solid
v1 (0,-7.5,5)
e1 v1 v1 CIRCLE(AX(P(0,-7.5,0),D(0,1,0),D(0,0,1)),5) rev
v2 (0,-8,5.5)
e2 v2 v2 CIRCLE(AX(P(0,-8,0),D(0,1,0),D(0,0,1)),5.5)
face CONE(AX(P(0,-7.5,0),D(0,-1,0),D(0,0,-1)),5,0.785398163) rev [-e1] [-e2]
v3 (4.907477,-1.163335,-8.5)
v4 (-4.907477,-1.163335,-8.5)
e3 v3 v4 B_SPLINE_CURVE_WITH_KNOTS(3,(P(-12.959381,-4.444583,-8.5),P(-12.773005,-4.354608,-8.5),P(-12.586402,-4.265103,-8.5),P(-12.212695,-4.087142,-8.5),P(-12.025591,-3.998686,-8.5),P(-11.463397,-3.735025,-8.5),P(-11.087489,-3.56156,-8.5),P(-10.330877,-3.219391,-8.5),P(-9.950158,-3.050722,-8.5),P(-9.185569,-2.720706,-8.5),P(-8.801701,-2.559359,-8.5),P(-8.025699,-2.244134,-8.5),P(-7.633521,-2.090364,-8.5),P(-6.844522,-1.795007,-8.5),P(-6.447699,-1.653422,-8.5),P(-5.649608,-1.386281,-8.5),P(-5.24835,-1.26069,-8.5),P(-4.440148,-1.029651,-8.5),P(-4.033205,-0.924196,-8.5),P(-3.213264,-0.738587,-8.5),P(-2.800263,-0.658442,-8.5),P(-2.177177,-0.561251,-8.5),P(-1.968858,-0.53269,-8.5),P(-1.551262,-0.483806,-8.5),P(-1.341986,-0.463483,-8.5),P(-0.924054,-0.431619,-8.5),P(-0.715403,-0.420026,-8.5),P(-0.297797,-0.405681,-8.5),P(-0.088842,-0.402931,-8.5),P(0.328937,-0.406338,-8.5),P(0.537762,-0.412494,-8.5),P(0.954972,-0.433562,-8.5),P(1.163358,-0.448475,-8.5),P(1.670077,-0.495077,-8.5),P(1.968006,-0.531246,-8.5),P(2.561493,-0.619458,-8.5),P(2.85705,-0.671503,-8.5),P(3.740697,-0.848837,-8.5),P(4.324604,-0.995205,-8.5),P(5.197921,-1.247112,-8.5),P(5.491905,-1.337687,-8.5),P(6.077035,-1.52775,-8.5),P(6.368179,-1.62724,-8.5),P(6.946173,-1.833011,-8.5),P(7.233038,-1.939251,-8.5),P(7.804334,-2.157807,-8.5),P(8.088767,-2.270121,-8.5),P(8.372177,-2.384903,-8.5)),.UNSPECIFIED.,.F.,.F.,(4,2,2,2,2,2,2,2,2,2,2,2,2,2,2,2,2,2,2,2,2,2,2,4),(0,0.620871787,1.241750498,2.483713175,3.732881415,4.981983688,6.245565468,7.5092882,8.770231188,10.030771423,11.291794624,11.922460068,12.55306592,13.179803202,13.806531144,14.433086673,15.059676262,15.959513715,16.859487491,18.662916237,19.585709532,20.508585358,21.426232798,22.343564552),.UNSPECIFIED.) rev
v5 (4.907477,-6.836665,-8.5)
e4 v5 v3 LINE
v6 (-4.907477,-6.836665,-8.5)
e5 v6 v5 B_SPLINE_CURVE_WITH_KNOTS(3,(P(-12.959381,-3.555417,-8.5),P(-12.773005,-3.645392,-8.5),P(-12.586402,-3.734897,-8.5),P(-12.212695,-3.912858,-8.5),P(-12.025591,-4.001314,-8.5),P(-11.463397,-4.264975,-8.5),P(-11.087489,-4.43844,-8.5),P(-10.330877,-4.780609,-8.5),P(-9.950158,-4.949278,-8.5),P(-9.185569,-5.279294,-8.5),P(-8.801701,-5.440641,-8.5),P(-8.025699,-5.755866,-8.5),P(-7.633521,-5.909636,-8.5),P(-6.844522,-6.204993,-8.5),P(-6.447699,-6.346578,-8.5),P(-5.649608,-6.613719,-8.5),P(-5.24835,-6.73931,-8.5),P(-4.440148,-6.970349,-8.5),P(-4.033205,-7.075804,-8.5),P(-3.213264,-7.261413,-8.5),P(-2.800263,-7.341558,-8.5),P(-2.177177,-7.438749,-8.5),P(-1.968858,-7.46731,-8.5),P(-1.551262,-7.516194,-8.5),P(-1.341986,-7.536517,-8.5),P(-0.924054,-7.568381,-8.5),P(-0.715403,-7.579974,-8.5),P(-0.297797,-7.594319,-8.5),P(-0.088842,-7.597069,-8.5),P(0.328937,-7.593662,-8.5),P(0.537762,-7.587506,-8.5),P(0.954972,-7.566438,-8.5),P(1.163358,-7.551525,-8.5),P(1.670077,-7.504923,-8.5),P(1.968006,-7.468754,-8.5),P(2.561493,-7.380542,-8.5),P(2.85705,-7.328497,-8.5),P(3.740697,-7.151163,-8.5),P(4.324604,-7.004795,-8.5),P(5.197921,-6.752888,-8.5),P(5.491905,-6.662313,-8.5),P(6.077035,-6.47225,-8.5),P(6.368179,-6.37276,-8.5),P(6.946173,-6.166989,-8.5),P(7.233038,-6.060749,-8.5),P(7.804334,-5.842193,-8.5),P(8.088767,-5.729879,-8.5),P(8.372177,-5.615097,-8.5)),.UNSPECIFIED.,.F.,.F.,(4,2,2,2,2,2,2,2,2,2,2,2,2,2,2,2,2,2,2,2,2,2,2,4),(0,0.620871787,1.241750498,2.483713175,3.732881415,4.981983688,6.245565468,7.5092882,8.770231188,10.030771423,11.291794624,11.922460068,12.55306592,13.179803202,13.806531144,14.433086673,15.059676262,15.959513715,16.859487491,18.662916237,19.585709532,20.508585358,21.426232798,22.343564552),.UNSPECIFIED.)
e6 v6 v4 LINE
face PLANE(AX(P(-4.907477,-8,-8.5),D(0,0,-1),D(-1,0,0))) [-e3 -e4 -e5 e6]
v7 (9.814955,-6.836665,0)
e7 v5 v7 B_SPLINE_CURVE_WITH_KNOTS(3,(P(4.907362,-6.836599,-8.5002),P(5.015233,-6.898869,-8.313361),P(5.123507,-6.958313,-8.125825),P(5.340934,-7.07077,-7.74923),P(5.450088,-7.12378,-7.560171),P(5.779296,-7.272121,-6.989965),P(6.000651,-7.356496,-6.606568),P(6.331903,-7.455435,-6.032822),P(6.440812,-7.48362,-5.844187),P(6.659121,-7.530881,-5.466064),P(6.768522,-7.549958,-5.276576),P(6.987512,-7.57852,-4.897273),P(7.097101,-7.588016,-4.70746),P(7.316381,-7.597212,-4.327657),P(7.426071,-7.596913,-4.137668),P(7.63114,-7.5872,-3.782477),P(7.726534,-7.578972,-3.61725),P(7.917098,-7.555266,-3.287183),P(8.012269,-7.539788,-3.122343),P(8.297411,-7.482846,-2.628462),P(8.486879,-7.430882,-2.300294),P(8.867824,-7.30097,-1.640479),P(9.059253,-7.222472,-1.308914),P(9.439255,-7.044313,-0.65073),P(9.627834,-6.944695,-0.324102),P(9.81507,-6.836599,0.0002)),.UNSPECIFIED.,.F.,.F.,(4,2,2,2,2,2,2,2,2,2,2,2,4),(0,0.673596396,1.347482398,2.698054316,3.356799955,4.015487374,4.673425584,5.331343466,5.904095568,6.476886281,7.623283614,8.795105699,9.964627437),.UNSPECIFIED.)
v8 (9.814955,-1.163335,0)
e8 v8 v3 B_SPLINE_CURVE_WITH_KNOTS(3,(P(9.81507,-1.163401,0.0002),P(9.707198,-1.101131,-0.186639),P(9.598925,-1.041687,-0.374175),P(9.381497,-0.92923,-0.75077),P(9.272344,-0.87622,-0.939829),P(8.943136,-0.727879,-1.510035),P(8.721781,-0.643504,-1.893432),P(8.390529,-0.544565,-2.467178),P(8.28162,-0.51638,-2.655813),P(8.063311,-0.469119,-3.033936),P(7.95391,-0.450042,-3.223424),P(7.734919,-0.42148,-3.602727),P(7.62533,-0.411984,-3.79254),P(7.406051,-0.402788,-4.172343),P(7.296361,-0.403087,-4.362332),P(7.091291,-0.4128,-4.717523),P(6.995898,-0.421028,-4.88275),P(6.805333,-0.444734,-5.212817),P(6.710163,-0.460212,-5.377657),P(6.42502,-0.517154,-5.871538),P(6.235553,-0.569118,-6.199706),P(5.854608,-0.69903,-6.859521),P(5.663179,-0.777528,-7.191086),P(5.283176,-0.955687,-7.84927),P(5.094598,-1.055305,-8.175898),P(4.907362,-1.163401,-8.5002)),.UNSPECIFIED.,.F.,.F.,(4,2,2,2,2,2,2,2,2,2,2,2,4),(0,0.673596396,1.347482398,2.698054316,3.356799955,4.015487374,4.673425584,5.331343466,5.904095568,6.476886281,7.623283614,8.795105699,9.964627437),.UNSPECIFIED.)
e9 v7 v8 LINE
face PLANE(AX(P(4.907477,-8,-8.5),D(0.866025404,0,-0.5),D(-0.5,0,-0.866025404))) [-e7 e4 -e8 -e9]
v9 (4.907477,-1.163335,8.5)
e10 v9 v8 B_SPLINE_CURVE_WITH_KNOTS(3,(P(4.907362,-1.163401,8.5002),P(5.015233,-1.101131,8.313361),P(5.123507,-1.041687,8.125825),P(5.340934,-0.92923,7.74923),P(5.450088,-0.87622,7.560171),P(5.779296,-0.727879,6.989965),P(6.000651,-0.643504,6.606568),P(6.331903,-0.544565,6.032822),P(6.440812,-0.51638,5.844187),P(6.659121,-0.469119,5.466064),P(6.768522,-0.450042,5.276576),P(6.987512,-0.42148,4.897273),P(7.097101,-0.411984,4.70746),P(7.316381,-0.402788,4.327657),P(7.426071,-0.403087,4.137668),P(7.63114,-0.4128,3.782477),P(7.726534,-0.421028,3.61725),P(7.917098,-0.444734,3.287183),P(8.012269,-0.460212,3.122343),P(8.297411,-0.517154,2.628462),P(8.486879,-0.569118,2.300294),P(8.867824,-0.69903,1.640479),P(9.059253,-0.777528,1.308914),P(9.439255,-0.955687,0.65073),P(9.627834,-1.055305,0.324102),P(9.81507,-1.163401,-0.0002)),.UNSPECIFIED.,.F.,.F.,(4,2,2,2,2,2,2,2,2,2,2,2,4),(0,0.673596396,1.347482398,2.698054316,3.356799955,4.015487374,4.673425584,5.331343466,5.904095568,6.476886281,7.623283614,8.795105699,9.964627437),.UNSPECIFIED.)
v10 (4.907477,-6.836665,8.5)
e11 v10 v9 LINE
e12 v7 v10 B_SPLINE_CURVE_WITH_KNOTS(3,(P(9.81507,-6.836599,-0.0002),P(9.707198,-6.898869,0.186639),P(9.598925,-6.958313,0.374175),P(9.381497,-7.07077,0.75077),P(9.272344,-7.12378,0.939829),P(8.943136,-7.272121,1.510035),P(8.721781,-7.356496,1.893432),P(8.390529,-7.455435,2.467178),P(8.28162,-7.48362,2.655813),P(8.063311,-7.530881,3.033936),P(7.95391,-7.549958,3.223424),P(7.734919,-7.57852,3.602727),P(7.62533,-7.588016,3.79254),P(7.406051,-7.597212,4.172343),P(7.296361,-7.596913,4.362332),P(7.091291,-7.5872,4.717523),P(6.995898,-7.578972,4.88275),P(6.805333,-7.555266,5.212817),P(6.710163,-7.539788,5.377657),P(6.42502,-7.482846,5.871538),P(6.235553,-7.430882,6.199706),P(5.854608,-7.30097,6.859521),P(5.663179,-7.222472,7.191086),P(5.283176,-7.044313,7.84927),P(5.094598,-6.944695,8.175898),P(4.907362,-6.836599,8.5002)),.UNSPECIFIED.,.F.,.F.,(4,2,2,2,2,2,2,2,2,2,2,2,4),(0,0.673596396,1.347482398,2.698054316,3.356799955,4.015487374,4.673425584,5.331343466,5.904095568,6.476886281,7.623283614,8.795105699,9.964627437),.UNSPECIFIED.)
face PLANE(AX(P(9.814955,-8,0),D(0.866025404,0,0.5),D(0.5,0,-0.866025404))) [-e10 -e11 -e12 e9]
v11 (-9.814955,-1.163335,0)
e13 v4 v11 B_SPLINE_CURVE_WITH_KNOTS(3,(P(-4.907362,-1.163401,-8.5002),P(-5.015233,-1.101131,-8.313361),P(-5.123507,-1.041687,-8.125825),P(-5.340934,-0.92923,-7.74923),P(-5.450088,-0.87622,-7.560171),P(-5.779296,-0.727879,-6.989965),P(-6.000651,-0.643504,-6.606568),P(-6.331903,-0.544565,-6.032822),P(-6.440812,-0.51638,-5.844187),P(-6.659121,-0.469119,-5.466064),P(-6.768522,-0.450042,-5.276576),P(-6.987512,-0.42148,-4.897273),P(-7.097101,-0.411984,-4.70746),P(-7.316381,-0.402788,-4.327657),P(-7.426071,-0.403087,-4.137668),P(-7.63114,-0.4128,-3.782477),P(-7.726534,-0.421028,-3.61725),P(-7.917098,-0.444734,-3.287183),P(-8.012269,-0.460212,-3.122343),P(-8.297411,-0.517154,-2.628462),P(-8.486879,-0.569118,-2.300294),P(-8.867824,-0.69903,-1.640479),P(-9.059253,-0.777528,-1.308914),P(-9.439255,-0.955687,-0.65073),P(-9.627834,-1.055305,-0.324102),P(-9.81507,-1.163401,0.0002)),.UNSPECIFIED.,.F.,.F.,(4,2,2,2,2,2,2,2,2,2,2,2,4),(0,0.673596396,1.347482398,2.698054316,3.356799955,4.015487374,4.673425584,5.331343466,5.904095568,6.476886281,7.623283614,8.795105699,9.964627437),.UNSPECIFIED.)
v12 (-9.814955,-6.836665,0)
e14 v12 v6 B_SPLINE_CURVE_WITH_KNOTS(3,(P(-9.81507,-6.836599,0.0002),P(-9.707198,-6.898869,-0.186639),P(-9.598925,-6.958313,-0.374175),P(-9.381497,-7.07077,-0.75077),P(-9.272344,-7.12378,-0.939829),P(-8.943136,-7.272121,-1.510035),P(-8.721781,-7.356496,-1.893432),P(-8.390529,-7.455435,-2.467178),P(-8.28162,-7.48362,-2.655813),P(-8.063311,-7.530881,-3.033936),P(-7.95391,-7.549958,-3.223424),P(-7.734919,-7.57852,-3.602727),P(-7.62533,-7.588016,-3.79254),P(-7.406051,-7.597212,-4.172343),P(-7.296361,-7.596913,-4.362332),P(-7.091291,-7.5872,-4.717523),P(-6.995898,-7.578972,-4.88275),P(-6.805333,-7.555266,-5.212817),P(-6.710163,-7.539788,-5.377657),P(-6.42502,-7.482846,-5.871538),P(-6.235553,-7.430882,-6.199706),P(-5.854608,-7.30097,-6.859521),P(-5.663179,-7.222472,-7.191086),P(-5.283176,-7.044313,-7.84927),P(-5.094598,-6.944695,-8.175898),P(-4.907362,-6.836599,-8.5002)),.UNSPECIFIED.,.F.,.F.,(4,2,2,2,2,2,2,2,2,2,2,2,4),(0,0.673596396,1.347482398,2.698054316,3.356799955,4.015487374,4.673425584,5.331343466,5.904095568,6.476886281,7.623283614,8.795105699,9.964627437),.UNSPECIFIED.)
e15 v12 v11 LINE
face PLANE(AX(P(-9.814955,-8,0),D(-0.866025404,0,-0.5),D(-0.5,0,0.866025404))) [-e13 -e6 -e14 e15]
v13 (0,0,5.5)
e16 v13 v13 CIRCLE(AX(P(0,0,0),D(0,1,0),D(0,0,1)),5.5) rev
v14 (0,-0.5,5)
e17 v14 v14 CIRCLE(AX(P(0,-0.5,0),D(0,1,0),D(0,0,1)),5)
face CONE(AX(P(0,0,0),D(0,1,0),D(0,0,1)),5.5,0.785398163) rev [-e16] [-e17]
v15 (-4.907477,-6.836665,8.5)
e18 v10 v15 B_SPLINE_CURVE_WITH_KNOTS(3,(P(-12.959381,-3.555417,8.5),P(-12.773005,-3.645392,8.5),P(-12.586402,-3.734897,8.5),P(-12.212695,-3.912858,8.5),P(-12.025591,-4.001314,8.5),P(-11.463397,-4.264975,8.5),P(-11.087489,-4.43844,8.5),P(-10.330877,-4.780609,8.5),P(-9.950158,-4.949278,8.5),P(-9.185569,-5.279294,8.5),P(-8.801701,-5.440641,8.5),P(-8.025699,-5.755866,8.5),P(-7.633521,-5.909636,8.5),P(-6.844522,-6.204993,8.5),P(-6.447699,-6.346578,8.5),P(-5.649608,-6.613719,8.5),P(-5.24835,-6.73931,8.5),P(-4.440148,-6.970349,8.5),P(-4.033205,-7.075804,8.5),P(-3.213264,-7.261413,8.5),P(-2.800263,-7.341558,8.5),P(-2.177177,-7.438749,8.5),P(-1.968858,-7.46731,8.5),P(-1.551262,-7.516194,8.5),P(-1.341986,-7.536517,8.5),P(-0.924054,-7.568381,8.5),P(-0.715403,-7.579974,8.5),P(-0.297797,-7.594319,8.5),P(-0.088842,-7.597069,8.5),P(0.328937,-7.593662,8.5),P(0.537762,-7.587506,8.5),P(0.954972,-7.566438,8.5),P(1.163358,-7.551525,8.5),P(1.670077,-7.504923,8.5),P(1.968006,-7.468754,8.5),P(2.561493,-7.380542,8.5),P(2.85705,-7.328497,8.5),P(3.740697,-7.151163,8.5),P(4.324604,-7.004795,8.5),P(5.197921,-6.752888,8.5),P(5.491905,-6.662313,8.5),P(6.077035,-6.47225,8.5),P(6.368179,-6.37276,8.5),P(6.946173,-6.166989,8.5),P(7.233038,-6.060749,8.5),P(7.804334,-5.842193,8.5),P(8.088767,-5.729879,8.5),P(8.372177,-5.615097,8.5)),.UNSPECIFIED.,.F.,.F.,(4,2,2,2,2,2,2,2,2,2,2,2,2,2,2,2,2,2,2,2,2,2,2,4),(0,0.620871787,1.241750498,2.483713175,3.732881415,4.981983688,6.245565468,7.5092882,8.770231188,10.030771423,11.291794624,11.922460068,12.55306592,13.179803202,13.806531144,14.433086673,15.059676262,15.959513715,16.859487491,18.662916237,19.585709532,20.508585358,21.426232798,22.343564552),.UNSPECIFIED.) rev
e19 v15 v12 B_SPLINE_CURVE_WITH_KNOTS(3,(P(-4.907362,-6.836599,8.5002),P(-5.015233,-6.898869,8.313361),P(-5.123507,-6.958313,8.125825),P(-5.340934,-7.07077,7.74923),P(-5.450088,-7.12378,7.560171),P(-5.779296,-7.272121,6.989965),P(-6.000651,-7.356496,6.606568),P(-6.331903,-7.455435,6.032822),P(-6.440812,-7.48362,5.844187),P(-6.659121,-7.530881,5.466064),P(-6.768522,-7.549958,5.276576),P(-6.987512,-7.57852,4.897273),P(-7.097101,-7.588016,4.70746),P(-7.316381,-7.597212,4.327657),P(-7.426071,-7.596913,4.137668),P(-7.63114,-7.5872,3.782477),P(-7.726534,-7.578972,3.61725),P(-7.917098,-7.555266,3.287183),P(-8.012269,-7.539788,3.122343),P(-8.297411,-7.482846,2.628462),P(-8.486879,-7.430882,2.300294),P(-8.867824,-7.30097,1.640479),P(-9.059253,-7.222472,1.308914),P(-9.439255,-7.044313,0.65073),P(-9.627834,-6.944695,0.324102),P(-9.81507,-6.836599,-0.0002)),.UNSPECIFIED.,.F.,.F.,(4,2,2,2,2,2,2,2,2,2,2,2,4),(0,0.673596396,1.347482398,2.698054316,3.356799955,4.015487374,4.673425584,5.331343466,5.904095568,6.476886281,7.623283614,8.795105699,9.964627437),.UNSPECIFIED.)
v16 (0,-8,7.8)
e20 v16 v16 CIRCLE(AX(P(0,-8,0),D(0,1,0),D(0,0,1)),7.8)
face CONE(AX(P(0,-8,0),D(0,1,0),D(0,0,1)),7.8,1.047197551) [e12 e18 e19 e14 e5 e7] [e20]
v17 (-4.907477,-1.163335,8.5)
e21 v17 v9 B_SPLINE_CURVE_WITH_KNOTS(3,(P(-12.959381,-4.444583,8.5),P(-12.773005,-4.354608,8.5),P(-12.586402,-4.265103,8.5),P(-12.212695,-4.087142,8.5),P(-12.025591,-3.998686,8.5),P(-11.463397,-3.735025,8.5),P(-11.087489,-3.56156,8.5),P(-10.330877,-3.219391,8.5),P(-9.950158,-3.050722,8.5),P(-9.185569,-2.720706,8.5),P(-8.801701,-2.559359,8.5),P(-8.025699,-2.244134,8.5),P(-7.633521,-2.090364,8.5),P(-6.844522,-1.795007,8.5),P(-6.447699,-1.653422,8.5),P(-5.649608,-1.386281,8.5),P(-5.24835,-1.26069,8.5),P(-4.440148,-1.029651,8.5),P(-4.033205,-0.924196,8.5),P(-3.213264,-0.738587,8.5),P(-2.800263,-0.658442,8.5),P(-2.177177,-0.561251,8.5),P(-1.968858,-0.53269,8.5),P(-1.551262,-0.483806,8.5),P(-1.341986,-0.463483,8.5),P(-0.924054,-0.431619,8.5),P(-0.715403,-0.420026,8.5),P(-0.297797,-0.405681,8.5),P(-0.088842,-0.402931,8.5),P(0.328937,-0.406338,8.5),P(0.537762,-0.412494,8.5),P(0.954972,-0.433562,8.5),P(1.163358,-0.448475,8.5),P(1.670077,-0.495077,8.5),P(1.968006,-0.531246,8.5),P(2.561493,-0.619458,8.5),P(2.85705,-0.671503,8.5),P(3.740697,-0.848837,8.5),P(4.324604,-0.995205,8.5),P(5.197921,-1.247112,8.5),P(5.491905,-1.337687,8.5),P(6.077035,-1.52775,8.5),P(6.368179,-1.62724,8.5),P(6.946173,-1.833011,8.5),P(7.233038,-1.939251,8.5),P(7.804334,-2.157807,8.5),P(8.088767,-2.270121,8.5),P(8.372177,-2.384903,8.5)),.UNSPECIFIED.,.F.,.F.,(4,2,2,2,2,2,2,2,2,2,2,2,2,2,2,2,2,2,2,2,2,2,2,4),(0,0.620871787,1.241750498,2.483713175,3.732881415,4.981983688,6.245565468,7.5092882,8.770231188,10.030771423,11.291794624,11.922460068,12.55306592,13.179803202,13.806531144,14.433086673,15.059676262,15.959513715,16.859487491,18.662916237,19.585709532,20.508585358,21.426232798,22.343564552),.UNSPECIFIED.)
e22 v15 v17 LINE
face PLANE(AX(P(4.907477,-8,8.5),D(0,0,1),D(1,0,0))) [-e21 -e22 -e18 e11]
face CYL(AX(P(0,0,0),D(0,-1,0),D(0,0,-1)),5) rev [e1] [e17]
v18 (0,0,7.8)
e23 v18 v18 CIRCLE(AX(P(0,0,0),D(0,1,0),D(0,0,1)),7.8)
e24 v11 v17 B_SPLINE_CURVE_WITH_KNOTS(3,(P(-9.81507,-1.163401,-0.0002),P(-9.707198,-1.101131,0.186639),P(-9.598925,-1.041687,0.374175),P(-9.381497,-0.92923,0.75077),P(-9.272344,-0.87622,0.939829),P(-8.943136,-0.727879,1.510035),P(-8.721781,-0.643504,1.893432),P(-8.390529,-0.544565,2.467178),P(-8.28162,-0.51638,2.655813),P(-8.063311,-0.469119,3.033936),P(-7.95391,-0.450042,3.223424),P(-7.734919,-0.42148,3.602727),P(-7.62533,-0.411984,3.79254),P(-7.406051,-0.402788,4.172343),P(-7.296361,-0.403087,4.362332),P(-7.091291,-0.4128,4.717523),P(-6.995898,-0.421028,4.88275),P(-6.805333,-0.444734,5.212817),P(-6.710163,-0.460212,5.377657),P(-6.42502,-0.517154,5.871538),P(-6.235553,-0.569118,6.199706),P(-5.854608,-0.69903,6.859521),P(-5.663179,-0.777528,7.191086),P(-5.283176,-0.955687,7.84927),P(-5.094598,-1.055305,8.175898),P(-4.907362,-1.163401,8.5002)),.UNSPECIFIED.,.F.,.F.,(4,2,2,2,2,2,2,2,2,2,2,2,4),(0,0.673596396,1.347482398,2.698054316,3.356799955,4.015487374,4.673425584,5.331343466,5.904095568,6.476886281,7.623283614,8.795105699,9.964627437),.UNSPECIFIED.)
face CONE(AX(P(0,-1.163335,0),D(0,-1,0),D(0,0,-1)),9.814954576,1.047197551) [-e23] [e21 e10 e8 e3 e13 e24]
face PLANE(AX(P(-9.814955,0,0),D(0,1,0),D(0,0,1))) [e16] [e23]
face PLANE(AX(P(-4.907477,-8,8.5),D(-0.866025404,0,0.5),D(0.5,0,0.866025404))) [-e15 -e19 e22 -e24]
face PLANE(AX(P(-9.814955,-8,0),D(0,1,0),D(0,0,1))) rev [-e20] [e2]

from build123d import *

# Parameters (mm, degrees)
EXTRUDE_1_DEPTH     = 8
SKETCH_5_R          = 5
CUT_EXTRUDE_1_DEPTH = 16.250683045
CHAMFER_1_SIZE      = 0.5


with BuildPart() as part:
    # Эскиз1 → Вытянуть1 (new body)
    with BuildSketch(Plane(origin=(0, 0, 0), x_dir=(1, 0, 0), z_dir=(0, 1, 0))):
        Polygon((-4.907477288, 8.5), (4.907477288, 8.5), (9.814954576, 0), (4.907477288, -8.5), (-4.907477288, -8.5), (-9.814954576, 0), align=None)
    extrude(amount=-EXTRUDE_1_DEPTH)

    # Эскиз5 → Вырез-Вытянуть1 (cut, through all)
    with BuildSketch(Plane.XZ.offset(8)):
        with Locations(Location((0, 0, 0), (0, 0, 270))):
            Circle(SKETCH_5_R)
    extrude(amount=-CUT_EXTRUDE_1_DEPTH, mode=Mode.SUBTRACT)

    # Эскиз4 → Вырез-Повернуть1 (revolve, cut)
    with BuildSketch(Plane.XY, mode=Mode.PRIVATE) as cut_revolve_1_sk:
        Polygon((-9.814954576, -1.163334567), (-7.8, 0), (-9.814954576, 0), align=None)
        Polygon((-9.814954576, -6.836665433), (-7.8, -8), (-9.814954576, -8), align=None)
    revolve(cut_revolve_1_sk.sketch.rotate(Axis((0, 0, 0), (0, -1, 0)), 120.000000007), axis=Axis((0, 0, 0), (0, -1, 0)), mode=Mode.SUBTRACT)

    # Фаска1
    chamfer_1_edges = [part.edges().sort_by_distance(p)[0] for p in [
        (0, 0, 5),
        (0, -8, 5),
    ]]
    chamfer(chamfer_1_edges, length=CHAMFER_1_SIZE)


solid = part.part
